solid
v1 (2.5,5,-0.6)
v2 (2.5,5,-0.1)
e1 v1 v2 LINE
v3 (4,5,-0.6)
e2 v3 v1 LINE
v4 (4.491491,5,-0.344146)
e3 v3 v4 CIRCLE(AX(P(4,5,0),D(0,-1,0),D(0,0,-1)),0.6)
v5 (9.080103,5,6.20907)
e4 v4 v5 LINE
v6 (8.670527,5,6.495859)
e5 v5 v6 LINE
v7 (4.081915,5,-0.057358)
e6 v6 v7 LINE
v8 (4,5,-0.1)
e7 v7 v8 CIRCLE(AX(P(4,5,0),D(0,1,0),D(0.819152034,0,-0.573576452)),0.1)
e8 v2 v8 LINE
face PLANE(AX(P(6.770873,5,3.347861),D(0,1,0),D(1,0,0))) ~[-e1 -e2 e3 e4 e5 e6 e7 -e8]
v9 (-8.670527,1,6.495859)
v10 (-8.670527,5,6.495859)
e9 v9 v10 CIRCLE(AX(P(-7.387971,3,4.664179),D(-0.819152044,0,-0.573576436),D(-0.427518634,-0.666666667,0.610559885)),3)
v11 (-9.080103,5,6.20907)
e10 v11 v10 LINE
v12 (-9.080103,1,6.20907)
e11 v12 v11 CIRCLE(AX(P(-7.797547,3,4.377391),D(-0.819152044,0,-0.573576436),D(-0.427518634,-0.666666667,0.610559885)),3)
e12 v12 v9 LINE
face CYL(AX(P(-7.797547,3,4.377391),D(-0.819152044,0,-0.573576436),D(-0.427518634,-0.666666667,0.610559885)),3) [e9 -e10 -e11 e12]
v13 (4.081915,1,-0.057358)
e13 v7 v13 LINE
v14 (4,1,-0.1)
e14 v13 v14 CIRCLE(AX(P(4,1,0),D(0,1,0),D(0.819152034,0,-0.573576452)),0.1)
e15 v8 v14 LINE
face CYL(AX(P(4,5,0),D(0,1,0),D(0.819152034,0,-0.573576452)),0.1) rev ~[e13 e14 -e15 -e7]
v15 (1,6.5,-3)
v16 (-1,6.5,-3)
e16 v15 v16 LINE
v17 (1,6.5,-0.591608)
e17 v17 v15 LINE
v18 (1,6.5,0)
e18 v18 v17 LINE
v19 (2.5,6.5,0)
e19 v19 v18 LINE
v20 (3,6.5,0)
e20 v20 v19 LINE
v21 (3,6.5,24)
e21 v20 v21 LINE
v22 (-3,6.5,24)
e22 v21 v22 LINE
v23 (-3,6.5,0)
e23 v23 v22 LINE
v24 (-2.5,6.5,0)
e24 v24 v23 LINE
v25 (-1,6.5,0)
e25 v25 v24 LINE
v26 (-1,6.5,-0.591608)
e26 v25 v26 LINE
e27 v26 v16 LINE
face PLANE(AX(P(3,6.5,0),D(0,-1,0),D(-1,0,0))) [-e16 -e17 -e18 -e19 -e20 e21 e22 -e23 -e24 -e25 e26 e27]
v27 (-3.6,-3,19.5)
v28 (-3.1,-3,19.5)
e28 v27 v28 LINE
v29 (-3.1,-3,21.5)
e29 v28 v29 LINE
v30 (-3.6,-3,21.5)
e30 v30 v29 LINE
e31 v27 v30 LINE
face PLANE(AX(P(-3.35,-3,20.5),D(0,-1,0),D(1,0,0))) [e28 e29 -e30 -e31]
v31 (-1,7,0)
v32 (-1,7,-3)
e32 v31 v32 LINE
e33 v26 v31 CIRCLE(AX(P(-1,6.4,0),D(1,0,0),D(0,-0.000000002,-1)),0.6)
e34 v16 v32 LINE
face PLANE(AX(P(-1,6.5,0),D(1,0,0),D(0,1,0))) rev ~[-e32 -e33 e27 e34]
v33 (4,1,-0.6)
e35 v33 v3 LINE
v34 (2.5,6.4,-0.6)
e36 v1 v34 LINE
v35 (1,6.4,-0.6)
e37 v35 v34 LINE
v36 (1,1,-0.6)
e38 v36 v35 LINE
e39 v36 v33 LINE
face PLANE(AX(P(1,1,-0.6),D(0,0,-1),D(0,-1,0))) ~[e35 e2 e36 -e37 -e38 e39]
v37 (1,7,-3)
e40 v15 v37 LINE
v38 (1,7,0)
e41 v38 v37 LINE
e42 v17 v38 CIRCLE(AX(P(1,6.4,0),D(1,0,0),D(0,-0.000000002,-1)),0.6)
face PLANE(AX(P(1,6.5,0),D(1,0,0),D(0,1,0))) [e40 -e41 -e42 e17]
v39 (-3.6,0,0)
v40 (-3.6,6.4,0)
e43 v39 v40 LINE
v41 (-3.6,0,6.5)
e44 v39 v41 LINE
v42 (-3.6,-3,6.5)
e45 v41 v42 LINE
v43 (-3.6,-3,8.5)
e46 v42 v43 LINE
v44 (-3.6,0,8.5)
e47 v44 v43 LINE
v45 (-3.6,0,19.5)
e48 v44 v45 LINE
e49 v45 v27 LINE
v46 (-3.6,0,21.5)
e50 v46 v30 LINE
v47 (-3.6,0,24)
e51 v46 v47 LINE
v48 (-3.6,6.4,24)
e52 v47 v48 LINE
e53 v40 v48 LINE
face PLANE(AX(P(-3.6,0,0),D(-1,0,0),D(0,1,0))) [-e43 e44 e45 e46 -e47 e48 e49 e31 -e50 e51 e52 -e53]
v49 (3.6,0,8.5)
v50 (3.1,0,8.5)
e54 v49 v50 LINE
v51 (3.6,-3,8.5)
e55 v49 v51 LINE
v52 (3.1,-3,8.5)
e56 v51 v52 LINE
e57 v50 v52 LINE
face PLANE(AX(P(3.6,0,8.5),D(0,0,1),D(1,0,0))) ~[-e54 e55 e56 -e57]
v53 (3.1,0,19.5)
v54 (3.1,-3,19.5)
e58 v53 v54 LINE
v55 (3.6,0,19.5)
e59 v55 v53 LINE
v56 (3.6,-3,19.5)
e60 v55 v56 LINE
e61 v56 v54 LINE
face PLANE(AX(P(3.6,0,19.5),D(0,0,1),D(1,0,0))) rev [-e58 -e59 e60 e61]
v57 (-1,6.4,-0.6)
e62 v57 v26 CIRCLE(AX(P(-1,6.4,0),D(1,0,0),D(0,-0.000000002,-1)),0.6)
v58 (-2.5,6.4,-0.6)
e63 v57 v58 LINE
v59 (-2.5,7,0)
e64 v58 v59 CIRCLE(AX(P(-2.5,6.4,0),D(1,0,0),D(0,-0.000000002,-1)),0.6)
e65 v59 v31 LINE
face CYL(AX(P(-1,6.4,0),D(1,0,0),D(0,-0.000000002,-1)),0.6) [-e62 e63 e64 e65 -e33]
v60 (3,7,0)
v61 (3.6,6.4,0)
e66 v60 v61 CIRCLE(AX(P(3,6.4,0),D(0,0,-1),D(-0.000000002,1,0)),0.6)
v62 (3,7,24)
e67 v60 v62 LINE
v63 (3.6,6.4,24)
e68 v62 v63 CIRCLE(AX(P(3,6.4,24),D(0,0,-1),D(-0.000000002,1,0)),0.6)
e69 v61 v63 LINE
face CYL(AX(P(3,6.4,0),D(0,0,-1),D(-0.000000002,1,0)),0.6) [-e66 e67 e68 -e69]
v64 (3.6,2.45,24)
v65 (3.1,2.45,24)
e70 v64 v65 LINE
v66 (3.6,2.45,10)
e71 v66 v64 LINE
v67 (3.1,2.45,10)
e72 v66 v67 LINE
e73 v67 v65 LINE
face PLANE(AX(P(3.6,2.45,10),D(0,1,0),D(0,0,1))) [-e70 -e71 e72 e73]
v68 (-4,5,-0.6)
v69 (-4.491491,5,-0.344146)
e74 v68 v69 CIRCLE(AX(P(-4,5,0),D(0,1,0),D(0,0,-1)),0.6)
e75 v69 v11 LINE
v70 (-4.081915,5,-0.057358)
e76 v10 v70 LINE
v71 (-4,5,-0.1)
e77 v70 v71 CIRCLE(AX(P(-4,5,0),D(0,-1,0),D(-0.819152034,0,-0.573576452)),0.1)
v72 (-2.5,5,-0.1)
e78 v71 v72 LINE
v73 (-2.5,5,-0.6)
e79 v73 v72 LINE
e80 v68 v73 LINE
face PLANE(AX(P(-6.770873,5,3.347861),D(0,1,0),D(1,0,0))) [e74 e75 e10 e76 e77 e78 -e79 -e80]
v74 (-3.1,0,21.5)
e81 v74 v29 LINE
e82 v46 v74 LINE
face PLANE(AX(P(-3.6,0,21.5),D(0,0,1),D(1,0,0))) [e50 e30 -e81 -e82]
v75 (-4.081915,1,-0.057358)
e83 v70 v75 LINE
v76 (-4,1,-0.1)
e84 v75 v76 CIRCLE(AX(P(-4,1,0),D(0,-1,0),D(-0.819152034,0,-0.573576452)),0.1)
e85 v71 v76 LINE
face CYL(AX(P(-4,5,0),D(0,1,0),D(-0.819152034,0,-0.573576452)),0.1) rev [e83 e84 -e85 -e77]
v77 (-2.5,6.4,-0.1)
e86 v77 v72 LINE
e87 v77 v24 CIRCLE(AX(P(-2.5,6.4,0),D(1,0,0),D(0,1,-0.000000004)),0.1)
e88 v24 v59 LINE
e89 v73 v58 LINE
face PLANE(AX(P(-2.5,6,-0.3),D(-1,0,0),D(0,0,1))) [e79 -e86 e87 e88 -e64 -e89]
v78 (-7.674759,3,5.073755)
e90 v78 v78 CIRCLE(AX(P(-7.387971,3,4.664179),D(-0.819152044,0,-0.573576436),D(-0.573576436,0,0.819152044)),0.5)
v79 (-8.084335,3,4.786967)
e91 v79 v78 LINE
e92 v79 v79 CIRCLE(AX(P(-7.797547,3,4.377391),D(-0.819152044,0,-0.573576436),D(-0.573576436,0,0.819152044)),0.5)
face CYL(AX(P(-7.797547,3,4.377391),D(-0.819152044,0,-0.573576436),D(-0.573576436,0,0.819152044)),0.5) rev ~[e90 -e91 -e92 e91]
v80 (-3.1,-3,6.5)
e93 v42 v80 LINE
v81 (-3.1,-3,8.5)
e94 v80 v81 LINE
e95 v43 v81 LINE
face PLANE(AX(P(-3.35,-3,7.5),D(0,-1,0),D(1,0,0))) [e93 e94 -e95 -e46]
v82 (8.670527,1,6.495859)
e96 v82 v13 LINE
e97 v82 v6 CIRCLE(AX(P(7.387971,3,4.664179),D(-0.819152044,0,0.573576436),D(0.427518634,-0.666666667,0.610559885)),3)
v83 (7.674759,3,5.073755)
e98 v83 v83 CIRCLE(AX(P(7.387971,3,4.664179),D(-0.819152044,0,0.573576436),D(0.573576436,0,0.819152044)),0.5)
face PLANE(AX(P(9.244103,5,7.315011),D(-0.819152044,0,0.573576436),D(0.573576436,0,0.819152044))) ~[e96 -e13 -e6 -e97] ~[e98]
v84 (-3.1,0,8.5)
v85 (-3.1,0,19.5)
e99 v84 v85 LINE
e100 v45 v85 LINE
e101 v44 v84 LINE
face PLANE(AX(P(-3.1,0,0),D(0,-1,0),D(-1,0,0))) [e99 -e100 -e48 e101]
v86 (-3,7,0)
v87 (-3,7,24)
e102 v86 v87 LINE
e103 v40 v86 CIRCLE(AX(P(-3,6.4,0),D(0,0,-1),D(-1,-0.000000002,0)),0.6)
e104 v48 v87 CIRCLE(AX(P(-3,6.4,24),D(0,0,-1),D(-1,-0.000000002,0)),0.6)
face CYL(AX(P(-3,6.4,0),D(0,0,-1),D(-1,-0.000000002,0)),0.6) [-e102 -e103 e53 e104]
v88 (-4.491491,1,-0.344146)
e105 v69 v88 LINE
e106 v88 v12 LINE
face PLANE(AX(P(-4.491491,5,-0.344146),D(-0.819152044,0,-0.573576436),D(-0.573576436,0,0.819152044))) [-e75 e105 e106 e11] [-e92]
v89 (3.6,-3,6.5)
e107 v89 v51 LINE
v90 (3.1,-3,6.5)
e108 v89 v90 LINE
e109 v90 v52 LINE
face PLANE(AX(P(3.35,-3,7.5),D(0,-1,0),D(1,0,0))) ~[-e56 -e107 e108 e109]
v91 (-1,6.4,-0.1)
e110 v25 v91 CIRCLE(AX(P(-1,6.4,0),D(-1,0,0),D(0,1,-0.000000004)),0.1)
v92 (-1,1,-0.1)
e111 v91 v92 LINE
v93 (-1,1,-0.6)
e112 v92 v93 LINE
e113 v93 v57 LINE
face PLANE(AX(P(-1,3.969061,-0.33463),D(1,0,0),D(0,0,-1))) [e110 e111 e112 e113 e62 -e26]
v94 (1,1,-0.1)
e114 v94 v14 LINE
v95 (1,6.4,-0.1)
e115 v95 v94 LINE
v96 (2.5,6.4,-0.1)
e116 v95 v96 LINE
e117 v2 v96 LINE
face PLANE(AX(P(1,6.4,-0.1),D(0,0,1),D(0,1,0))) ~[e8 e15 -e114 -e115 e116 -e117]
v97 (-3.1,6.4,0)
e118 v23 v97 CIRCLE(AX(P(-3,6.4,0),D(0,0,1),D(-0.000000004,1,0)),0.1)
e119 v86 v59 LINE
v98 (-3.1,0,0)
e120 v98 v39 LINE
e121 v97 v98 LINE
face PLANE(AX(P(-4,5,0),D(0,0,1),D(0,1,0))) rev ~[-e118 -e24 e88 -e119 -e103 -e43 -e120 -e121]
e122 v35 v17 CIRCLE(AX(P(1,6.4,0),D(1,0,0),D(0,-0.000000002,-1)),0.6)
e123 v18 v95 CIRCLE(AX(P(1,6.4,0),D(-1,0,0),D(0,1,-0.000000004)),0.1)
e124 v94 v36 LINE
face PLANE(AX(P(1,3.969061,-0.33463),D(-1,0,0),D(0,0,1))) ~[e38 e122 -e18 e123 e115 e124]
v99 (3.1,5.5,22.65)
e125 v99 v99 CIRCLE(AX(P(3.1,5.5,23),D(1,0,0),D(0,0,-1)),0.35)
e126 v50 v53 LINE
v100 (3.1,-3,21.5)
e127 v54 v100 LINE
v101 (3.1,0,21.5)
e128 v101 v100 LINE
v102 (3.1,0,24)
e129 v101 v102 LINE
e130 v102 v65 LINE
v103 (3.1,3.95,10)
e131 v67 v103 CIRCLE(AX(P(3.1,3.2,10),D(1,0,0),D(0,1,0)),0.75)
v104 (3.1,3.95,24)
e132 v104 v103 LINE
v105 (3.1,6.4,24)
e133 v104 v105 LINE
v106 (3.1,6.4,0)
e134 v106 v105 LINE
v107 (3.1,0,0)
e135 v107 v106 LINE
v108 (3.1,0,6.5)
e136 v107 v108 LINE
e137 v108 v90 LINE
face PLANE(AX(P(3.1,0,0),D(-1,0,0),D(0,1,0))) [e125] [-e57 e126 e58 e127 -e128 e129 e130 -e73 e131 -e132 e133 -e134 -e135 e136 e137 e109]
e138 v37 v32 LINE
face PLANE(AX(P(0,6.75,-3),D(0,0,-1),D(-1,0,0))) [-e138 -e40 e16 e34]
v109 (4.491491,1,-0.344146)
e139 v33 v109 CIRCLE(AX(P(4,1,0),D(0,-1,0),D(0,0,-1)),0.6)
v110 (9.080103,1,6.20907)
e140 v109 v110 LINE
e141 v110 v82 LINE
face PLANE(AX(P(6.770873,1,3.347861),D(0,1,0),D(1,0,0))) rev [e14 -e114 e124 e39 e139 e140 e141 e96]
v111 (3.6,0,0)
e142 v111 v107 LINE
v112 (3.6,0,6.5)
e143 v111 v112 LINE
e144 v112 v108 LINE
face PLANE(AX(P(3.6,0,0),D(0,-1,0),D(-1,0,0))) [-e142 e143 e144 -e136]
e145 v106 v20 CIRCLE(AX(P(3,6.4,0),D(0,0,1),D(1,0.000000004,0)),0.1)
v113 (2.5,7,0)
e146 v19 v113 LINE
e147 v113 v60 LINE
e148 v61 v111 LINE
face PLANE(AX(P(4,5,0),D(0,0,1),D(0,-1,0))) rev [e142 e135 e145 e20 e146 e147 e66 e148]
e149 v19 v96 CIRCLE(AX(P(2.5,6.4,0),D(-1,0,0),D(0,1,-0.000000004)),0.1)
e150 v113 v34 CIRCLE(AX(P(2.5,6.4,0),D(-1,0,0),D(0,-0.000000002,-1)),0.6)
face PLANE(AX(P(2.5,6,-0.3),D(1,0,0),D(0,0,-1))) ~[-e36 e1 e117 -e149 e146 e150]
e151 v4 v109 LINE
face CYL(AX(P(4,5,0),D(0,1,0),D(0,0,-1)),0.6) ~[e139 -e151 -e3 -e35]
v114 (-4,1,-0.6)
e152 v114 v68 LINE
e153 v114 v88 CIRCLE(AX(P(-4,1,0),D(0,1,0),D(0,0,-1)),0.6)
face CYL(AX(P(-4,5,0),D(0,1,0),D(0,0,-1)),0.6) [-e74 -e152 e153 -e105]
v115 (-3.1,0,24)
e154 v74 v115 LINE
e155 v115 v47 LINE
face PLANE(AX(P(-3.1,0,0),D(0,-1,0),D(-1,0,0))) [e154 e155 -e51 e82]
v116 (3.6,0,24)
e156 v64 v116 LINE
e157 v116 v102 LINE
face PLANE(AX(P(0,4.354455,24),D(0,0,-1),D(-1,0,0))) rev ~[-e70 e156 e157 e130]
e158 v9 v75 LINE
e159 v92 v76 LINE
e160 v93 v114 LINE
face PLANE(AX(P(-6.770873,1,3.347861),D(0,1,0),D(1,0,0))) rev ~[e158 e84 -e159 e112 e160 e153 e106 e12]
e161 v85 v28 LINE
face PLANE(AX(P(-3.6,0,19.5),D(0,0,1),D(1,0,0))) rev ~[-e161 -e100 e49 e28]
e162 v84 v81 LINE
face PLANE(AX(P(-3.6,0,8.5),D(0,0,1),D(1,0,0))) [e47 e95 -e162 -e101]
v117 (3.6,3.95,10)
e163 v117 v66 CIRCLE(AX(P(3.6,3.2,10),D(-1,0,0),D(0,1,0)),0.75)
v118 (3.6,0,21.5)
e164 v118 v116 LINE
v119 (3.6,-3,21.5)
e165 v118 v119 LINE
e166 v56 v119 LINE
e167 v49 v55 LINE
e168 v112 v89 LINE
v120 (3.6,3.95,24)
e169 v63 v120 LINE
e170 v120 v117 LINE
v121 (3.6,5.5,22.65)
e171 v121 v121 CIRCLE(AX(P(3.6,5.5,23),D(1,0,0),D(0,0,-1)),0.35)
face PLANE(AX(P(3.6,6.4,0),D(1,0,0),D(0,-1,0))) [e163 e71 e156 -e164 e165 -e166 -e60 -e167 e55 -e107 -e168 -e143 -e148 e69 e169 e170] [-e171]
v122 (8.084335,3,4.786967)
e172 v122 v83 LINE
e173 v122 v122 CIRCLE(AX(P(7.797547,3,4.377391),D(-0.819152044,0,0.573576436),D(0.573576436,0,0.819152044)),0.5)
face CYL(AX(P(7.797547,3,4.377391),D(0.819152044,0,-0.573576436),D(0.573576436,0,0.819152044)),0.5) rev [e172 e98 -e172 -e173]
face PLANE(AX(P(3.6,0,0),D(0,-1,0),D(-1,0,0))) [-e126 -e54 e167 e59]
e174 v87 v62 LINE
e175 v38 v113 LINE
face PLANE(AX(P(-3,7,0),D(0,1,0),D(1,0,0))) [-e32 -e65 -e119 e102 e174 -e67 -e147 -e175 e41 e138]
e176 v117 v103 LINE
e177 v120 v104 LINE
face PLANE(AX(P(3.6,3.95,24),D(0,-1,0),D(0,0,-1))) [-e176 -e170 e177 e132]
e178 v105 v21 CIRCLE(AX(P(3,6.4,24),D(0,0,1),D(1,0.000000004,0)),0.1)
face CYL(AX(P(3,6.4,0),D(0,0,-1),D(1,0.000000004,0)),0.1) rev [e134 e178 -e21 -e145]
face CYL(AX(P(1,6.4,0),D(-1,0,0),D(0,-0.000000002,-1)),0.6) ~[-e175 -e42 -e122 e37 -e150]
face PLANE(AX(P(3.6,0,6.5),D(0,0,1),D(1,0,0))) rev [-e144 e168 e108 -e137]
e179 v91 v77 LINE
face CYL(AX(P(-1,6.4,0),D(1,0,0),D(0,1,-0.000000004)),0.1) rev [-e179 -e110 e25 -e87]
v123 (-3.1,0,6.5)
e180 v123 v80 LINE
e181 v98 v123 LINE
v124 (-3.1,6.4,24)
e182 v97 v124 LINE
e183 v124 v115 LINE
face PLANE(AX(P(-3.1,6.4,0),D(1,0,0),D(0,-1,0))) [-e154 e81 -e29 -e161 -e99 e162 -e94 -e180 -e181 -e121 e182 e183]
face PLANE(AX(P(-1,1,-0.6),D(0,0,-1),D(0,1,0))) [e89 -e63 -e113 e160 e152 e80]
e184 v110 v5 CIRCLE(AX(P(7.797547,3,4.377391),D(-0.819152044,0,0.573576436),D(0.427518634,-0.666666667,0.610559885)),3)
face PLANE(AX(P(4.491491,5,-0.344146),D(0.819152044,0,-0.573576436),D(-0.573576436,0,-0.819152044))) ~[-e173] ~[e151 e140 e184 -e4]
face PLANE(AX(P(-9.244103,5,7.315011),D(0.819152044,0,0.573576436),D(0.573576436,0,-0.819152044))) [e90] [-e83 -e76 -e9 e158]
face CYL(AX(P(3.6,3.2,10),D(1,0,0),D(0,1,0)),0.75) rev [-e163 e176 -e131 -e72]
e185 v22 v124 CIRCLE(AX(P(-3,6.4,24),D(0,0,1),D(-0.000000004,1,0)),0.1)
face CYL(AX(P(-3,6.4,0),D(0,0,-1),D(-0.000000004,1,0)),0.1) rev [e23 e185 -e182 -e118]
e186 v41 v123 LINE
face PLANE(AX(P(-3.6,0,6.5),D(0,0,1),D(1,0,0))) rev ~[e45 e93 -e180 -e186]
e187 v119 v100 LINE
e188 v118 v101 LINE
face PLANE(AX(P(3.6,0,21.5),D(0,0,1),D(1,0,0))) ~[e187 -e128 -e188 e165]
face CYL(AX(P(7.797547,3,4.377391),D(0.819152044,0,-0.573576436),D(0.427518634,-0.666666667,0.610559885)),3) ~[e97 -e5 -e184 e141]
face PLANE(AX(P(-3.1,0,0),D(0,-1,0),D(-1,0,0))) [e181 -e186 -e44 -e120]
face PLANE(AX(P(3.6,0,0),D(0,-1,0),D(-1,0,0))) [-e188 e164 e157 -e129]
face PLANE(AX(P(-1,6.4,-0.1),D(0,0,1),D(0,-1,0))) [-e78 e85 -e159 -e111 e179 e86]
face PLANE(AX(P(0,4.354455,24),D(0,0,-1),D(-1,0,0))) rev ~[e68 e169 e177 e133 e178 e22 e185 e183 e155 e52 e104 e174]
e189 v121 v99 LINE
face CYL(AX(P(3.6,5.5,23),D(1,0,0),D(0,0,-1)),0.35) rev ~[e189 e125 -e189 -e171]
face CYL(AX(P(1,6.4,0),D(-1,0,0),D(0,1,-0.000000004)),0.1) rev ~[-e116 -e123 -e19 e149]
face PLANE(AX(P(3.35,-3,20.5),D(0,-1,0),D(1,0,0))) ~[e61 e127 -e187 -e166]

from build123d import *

# Parameters (mm, degrees)
BOSS_EXTRU_1_DEPTH      = 24
ESQUISSE2_W             = 2
ESQUISSE2_H             = 0.5
BOSS_EXTRU_2_DEPTH      = 3
BOSS_EXTRU_3_DEPTH      = 3
ESQUISSE6_W             = 0.6
ESQUISSE6_H             = 2
ENL_V_MAT_EXTRU_1_DEPTH = 1.5
BOSS_EXTRU_4_DEPTH      = 4
ENL_V_MAT_EXTRU_3_REACH = 29.975
ESQUISSE8_R             = 0.5
ESQUISSE9_W             = 0.5
ESQUISSE9_H             = 2
BOSS_EXTRU_5_DEPTH      = 3
ENL_V_MAT_EXTRU_2_REACH = 30.233
ESQUISSE7_R             = 0.35


with BuildPart() as part:
    # Esquisse1 → Boss.-Extru.1 (new body)
    with BuildSketch(Plane.XY):
        with BuildLine():
            Line((-3, 7), (3, 7))
            ThreePointArc((3, 7), (3.424264069, 6.824264069), (3.6, 6.4))
            Line((3.6, 6.4), (3.6, 0))
            Line((3.6, 0), (3.1, 0))
            Line((3.1, 0), (3.1, 6.4))
            ThreePointArc((3.1, 6.4), (3.070710678, 6.470710678), (3, 6.5))
            Line((3, 6.5), (-3, 6.5))
            ThreePointArc((-3, 6.5), (-3.070710678, 6.470710678), (-3.1, 6.4))
            Line((-3.1, 6.4), (-3.1, 0))
            Line((-3.1, 0), (-3.6, 0))
            Line((-3.6, 0), (-3.6, 6.4))
            ThreePointArc((-3.6, 6.4), (-3.424264069, 6.824264069), (-3, 7))
        make_face()
    extrude(amount=BOSS_EXTRU_1_DEPTH)

    # Esquisse2 → Boss.-Extru.2 (add)
    with BuildSketch(Plane(origin=(0, 0, 0), x_dir=(-1, 0, 0), z_dir=(0, 0, -1))):
        with Locations((0, 6.75)):
            Rectangle(ESQUISSE2_W, ESQUISSE2_H)
    extrude(amount=BOSS_EXTRU_2_DEPTH)

    # Esquisse5 → Boss.-Extru.3 (add)
    with BuildSketch(Plane.ZY.offset(1)):
        with BuildLine():
            Line((-0.1, 1), (-0.6, 1))
            Line((-0.6, 1), (-0.6, 6.4))
            ThreePointArc((-0.6, 6.4), (-0.424264069, 6.824264069), (0, 7))
            Line((0, 7), (0, 6.5))
            ThreePointArc((0, 6.5), (-0.070710678, 6.470710678), (-0.1, 6.4))
            Line((-0.1, 6.4), (-0.1, 1))
        make_face()
    boss_extru_3 = extrude(amount=BOSS_EXTRU_3_DEPTH)

    # Esquisse6 → Enlèv. mat.-Extru.1 (cut)
    with BuildSketch(Plane.ZY.offset(4)):
        with Locations((-0.3, 6)):
            Rectangle(ESQUISSE6_W, ESQUISSE6_H)
    enl_v_mat_extru_1 = extrude(amount=-ENL_V_MAT_EXTRU_1_DEPTH, mode=Mode.SUBTRACT)

    # Esquisse3 → Boss.-Extru.4 (add)
    with BuildSketch(Plane(origin=(0, 5, 0), x_dir=(1, 0, 0), z_dir=(0, 1, 0))):
        with BuildLine():
            Line((-4.491491227, 0.344145862), (-9.653679154, -7.028222537))
            Line((-9.653679154, -7.028222537), (-9.244103132, -7.315010755))
            Line((-9.244103132, -7.315010755), (-4.081915204, 0.057357644))
            ThreePointArc((-4.081915204, 0.057357644), (-4.046174861, 0.088701083), (-4, 0.1))
            Line((-4, 0.1), (-4, 0.6))
            ThreePointArc((-4, 0.6), (-4.277049168, 0.5322065), (-4.491491227, 0.344145862))
        make_face()
    boss_extru_4 = extrude(amount=-BOSS_EXTRU_4_DEPTH)

    # Esquisse8 → Enlèv. mat.-Extru.3 (cut, up to next)
    with BuildSketch(Plane(origin=(-3.175531513, 0, -2.223531103), x_dir=(-0.5735764363510417, 0, 0.8191520442889949), z_dir=(-0.819152044288995, 0, -0.5735764363510417)), mode=Mode.PRIVATE) as enl_v_mat_extru_3_sk1:
        with Locations((8.058237768, 3)):
            Circle(ESQUISSE8_R)
    enl_v_mat_extru_3_tool1 = extrude(enl_v_mat_extru_3_sk1.sketch, amount=-ENL_V_MAT_EXTRU_3_REACH, mode=Mode.PRIVATE) & part.part
    # Esquisse8 → Enlèv. mat.-Extru.3 (cut, up to next)
    with BuildSketch(Plane(origin=(-3.175531513, 0, -2.223531103), x_dir=(-0.5735764363510417, 0, 0.8191520442889949), z_dir=(-0.819152044288995, 0, -0.5735764363510417)), mode=Mode.PRIVATE) as enl_v_mat_extru_3_sk2:
        with BuildLine():
            Line((11.294305745, 1), (10.294305745, 1))
            ThreePointArc((10.294305745, 1), (11.058237768, 3), (10.294305745, 5))
            Line((10.294305745, 5), (11.294305745, 5))
            Line((11.294305745, 5), (11.294305745, 1))
        make_face()
    enl_v_mat_extru_3_tool2 = extrude(enl_v_mat_extru_3_sk2.sketch, amount=-ENL_V_MAT_EXTRU_3_REACH, mode=Mode.PRIVATE) & part.part
    enl_v_mat_extru_3_1 = enl_v_mat_extru_3_tool1.solids().sort_by_distance((-7.797547, 3, 4.377391))[0]
    add(enl_v_mat_extru_3_1, mode=Mode.SUBTRACT)
    enl_v_mat_extru_3_2 = enl_v_mat_extru_3_tool2.solids().sort_by_distance((-9.541925, 3, 6.868621))[0]
    add(enl_v_mat_extru_3_2, mode=Mode.SUBTRACT)
    enl_v_mat_extru_3 = enl_v_mat_extru_3_1 + enl_v_mat_extru_3_2  # Enlèv. mat.-Extru.3 as one shape, for the pattern or mirror that repeats it

    # Esquisse9 → Boss.-Extru.5 (add)
    with BuildSketch(Plane.XZ):
        with Locations((-3.35, 7.5)):
            Rectangle(ESQUISSE9_W, ESQUISSE9_H)
        with Locations((-3.35, 20.5)):
            Rectangle(ESQUISSE9_W, ESQUISSE9_H)
    boss_extru_5 = extrude(amount=BOSS_EXTRU_5_DEPTH)

    # Symétrie1: Boss.-Extru.3, Enlèv. mat.-Extru.1, Boss.-Extru.4, Enlèv. mat.-Extru.3, Boss.-Extru.5 across plane
    add(boss_extru_3.mirror(Plane(origin=(0, 0, 0), x_dir=(0, 0, 1), z_dir=(1, 0, 0))))
    add(enl_v_mat_extru_1.mirror(Plane(origin=(0, 0, 0), x_dir=(0, 0, 1), z_dir=(1, 0, 0))), mode=Mode.SUBTRACT)
    add(boss_extru_4.mirror(Plane(origin=(0, 0, 0), x_dir=(0, 0, 1), z_dir=(1, 0, 0))))
    add(enl_v_mat_extru_3.mirror(Plane(origin=(0, 0, 0), x_dir=(0, 0, 1), z_dir=(1, 0, 0))), mode=Mode.SUBTRACT)
    add(boss_extru_5.mirror(Plane(origin=(0, 0, 0), x_dir=(0, 0, 1), z_dir=(1, 0, 0))))

    # Esquisse7 → Enlèv. mat.-Extru.2 (cut, up to next)
    with BuildSketch(Plane(origin=(3.6, 0, 0), x_dir=(0, 0, -1), z_dir=(1, 0, 0)), mode=Mode.PRIVATE) as enl_v_mat_extru_2_sk1:
        with Locations((-23, 5.5)):
            Circle(ESQUISSE7_R)
    enl_v_mat_extru_2_tool1 = extrude(enl_v_mat_extru_2_sk1.sketch, amount=-ENL_V_MAT_EXTRU_2_REACH, mode=Mode.PRIVATE) & part.part
    # Esquisse7 → Enlèv. mat.-Extru.2 (cut, up to next)
    with BuildSketch(Plane(origin=(3.6, 0, 0), x_dir=(0, 0, -1), z_dir=(1, 0, 0)), mode=Mode.PRIVATE) as enl_v_mat_extru_2_sk2:
        with BuildLine():
            Line((-24, 3.95), (-10, 3.95))
            ThreePointArc((-10, 3.95), (-9.25, 3.2), (-10, 2.45))
            Line((-10, 2.45), (-24, 2.45))
            Line((-24, 2.45), (-24, 3.95))
        make_face()
    enl_v_mat_extru_2_tool2 = extrude(enl_v_mat_extru_2_sk2.sketch, amount=-ENL_V_MAT_EXTRU_2_REACH, mode=Mode.PRIVATE) & part.part
    add(enl_v_mat_extru_2_tool1.solids().sort_by_distance((3.6, 5.5, 23))[0], mode=Mode.SUBTRACT)
    add(enl_v_mat_extru_2_tool2.solids().sort_by_distance((3.6, 3.2, 16.704515))[0], mode=Mode.SUBTRACT)


solid = part.part
